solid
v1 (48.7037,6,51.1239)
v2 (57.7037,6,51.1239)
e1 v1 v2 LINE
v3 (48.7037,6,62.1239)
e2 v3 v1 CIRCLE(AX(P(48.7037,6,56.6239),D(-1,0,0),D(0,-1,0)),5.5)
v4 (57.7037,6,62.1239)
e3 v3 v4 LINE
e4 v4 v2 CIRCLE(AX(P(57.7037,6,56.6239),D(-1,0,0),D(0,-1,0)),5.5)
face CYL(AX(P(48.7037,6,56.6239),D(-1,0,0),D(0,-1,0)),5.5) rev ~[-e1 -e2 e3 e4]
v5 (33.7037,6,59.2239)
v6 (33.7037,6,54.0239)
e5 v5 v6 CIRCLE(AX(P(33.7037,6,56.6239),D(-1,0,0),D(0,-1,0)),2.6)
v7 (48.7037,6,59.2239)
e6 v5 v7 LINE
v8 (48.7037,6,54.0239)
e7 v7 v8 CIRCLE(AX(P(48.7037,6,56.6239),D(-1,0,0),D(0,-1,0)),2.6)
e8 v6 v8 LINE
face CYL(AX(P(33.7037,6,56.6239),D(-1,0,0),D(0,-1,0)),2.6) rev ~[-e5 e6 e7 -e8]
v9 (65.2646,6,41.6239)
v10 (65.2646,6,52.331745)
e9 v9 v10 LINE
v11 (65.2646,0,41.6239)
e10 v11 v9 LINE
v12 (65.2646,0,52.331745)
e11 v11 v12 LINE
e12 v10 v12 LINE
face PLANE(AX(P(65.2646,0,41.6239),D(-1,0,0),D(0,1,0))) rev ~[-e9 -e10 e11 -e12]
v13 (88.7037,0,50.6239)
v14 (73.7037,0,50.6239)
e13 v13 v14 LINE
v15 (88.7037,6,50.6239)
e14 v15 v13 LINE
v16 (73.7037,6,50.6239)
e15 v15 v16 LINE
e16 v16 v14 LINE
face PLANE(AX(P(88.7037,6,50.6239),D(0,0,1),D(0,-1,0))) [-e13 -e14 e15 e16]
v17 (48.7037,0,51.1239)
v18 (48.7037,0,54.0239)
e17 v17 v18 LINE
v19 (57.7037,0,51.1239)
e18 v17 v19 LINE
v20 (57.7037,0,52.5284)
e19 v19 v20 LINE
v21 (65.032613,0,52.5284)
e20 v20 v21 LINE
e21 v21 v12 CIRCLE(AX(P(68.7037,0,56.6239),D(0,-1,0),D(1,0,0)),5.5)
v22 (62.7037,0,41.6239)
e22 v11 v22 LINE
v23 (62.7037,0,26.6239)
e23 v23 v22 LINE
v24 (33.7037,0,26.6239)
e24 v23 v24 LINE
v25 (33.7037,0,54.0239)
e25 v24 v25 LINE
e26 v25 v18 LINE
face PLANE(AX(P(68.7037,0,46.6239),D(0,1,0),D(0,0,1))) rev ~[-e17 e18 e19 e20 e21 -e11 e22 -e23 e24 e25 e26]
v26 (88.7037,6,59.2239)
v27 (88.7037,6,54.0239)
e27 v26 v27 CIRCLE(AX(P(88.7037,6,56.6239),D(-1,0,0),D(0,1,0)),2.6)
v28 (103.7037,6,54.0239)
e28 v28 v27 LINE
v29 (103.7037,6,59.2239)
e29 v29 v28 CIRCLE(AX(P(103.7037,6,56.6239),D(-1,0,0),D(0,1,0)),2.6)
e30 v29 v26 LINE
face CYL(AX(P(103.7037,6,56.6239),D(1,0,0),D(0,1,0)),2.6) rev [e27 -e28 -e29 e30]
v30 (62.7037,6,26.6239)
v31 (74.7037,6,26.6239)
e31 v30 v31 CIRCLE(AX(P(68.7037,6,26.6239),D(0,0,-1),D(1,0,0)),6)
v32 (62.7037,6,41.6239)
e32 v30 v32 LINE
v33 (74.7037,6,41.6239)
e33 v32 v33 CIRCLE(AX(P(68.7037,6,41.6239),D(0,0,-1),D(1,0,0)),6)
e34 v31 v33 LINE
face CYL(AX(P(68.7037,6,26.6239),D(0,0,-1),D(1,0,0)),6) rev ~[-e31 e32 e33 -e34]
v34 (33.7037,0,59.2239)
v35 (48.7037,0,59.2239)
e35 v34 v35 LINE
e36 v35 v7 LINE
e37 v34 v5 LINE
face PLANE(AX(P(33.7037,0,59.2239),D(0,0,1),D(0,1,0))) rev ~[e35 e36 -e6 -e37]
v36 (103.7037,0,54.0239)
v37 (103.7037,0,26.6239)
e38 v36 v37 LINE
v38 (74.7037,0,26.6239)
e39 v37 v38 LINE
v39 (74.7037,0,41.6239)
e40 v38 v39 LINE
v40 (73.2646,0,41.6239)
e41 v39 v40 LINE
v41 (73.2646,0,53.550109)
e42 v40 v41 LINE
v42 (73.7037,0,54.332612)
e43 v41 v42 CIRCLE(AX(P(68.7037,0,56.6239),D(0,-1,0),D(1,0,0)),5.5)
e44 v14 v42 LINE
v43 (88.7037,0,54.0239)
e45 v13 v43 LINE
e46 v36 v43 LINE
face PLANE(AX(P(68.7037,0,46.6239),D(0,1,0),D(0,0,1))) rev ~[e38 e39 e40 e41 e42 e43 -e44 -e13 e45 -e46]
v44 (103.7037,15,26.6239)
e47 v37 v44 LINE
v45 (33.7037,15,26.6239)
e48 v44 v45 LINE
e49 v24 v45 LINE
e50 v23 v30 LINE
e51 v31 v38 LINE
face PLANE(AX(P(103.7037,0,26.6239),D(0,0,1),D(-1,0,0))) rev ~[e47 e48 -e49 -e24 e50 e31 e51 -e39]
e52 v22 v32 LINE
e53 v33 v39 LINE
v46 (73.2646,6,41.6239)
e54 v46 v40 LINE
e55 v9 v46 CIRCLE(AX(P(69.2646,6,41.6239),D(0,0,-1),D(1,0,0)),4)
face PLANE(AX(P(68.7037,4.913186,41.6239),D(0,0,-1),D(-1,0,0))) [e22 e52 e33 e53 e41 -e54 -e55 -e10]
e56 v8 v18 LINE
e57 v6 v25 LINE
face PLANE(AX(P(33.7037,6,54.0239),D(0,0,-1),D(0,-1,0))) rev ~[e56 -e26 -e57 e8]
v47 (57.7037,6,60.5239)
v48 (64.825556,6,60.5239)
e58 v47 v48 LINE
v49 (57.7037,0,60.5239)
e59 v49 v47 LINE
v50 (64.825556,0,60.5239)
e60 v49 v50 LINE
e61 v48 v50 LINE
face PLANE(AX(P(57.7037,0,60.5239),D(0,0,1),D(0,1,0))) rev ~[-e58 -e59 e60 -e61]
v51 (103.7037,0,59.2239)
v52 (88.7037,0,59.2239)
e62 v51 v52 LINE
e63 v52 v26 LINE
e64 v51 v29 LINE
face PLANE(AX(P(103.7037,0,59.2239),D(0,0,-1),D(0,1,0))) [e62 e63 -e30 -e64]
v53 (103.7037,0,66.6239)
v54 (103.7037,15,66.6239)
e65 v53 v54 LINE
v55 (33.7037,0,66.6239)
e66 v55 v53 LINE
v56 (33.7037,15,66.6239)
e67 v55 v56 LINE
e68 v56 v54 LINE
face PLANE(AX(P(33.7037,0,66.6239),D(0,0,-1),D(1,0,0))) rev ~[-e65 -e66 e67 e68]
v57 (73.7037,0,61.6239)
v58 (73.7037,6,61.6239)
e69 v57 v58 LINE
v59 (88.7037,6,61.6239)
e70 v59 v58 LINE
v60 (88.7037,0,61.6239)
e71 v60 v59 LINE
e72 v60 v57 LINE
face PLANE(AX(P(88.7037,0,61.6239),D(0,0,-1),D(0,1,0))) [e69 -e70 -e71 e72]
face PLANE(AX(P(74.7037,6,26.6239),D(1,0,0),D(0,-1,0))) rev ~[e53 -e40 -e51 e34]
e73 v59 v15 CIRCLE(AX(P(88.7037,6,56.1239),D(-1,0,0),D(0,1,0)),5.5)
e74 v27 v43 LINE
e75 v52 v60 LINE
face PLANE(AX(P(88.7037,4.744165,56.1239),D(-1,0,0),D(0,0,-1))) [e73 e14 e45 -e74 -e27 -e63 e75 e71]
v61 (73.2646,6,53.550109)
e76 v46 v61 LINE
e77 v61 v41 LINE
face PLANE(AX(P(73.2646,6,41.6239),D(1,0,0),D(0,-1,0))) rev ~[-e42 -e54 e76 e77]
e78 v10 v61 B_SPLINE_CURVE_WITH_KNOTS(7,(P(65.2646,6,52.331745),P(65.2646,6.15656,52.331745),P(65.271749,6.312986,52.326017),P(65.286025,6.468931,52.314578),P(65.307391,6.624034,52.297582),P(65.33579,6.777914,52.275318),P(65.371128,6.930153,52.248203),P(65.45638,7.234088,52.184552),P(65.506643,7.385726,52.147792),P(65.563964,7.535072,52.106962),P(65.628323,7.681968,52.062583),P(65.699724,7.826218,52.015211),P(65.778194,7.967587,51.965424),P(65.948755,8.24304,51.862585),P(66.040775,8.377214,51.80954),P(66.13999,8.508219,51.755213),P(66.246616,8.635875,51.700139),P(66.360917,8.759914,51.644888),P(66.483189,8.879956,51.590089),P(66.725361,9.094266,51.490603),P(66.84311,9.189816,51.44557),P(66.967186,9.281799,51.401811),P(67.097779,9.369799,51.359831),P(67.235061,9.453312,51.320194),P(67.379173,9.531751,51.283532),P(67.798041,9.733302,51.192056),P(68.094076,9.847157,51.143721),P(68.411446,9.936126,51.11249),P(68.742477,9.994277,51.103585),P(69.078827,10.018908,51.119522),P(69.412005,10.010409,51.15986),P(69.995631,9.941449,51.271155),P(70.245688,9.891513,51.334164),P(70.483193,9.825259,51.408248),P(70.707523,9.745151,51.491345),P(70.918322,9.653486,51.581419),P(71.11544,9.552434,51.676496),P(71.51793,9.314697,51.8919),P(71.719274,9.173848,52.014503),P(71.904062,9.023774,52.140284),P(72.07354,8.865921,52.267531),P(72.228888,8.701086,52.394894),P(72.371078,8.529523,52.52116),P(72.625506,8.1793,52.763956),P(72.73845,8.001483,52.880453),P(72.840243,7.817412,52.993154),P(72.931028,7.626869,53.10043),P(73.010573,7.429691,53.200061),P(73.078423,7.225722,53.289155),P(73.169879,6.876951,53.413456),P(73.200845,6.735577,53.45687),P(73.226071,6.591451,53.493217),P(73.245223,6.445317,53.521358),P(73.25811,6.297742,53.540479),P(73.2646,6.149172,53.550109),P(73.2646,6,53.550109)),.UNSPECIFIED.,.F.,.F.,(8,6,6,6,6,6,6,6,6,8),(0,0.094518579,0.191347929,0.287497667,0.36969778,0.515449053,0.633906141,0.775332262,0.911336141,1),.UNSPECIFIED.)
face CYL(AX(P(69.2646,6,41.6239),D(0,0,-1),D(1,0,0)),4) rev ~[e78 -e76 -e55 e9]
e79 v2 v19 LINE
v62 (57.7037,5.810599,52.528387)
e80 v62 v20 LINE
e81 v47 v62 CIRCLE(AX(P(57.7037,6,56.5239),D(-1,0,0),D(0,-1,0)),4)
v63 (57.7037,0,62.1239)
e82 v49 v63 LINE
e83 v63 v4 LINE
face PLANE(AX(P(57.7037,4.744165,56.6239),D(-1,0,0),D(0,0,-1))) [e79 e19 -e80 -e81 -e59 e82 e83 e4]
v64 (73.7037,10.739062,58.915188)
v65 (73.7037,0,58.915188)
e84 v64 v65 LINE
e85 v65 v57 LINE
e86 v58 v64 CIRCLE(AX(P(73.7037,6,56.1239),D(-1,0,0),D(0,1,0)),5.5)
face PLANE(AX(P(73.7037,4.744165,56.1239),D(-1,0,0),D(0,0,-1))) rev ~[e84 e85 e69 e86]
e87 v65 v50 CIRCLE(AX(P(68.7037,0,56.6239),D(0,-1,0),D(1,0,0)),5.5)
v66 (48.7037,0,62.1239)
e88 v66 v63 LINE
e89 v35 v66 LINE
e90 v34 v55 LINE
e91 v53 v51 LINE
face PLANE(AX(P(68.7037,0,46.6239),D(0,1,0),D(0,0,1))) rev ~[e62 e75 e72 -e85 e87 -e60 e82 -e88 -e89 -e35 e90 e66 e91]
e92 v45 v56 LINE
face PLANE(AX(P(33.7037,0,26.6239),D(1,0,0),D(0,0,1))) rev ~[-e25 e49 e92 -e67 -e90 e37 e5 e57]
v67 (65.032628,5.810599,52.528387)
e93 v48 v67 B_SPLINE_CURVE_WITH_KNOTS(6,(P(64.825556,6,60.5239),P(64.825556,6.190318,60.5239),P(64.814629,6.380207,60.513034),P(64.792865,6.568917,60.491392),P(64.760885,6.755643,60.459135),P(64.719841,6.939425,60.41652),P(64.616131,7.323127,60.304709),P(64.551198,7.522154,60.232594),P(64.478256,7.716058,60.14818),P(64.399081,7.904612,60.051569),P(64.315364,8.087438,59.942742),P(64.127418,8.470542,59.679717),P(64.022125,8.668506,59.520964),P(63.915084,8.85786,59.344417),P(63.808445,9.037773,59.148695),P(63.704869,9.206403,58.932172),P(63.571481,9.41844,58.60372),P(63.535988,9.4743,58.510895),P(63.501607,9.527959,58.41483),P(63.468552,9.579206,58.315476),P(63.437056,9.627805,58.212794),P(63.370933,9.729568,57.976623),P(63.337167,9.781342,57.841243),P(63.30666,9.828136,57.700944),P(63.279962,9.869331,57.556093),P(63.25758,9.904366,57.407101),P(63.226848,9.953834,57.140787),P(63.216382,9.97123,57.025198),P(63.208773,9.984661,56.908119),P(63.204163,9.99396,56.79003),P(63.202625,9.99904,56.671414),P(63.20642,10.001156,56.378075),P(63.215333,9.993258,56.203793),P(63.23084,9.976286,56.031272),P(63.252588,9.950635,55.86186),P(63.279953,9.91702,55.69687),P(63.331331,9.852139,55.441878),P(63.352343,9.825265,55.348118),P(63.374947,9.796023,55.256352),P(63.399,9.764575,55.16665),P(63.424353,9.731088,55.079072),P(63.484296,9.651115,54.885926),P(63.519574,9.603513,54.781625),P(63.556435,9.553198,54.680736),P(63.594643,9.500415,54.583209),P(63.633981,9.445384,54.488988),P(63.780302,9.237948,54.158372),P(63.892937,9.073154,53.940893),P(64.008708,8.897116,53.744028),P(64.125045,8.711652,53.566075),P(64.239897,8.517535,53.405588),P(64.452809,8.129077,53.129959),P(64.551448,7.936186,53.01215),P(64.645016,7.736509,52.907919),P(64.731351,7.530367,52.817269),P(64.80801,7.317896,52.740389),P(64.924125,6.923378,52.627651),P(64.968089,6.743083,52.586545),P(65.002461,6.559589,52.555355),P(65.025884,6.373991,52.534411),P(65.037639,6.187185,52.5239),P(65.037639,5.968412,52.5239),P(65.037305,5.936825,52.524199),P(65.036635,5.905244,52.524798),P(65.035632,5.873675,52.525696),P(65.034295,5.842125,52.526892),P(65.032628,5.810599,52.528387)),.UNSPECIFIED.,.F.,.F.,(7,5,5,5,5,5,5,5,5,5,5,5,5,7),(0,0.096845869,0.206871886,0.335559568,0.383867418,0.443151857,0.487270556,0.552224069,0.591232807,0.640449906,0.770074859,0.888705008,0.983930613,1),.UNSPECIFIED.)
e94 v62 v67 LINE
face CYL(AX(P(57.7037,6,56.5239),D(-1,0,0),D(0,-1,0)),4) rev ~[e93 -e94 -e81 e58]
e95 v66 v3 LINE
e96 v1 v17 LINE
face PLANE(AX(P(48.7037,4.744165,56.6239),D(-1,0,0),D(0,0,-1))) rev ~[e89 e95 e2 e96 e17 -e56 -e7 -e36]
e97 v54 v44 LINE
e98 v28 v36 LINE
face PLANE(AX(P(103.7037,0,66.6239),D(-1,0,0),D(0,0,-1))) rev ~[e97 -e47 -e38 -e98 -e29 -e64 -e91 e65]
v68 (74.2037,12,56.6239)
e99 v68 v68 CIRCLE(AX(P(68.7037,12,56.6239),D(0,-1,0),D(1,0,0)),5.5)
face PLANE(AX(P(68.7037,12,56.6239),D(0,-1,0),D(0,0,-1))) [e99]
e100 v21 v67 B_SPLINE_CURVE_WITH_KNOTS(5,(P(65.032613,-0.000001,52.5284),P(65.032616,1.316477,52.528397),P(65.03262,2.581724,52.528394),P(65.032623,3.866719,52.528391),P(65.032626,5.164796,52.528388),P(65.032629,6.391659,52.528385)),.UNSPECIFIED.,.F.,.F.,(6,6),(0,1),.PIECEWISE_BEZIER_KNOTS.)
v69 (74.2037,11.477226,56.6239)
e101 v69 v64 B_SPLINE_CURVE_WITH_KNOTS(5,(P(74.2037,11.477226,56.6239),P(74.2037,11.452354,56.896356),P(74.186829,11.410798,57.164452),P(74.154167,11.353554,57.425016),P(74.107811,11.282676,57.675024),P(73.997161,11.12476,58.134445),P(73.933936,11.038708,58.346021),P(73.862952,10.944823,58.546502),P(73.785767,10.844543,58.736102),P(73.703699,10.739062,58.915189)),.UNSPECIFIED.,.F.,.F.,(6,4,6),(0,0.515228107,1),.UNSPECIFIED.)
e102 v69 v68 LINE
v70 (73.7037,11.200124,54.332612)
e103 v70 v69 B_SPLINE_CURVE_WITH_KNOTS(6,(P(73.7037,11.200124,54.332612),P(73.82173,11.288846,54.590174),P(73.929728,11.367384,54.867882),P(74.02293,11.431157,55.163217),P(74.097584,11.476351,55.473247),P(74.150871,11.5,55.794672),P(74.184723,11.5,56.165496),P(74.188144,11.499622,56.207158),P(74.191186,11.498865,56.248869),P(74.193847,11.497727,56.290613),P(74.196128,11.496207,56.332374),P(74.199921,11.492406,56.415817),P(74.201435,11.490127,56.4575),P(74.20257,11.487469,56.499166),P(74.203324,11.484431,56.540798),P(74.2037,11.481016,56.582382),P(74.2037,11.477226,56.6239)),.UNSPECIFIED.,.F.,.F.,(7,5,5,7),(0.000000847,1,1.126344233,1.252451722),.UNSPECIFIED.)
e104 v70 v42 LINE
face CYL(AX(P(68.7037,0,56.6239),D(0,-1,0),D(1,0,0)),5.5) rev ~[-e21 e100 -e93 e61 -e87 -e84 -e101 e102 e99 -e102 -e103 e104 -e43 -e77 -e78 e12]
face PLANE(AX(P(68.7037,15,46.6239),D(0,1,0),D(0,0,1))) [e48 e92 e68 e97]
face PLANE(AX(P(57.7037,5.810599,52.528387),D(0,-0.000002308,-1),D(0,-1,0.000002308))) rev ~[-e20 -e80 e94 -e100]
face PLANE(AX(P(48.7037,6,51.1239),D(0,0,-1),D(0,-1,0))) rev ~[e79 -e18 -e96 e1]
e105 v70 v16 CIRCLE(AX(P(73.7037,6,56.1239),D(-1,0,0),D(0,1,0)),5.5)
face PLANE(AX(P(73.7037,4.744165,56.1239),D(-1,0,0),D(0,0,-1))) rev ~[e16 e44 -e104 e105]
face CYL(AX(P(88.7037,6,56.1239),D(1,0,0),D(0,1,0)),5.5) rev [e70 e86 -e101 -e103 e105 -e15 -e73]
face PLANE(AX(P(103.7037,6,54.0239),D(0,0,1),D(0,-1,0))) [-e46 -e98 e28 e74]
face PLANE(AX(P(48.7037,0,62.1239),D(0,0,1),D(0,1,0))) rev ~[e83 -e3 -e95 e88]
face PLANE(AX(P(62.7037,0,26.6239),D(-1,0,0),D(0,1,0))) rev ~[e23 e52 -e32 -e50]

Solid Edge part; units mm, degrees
sketch "Sketch1" plane through (0, 0, 0) normal (0, -1, 0) x (1, 0, 0)
  line L0 (33.7037, 66.6239) -> (103.7037, 66.6239)
  line L1 (103.7037, 66.6239) -> (103.7037, 26.6239)
  line L2 (103.7037, 26.6239) -> (33.7037, 26.6239)
  line L3 (33.7037, 26.6239) -> (33.7037, 66.6239)
  dimension "D1" = 70
  dimension "D2" = 40
  dimension "D3" = 70
  dimension "D4" = 40
extrude "Protrusion1" add sketch "Sketch1" against normal blind 15
sketch "Sketch2" plane through (68.7037, 0, 46.6239) normal (0, -1, 0) x (1, 0, 0)
  circle A0 centre (0, 10) radius 5.5
  dimension "D1" = 11
  dimension "D2" = 10
extrude "ExtrudedCutout_1" cut sketch "Sketch2" against normal blind 12
sketch "Sketch3" plane through (103.7037, 7.5, 46.6239) normal (1, 0, 0) x (0, 1, 0)
  line L0 (-7.5, 12.6) -> (-1.5, 12.6)
  arc A0 (-1.5, 12.6) -> (-1.5, 7.4) centre (-1.5, 10) cw
  line L1 (-1.5, 7.4) -> (-7.5, 7.4)
  line L2 (-7.5, 7.4) -> (-7.5, 12.6)
  dimension "D1" = 6
  dimension "D2" = 7.4
  dimension "D3" = 2.6
extrude "ExtrudedCutout_4" cut sketch "Sketch3" against normal blind 15
sketch "Sketch4" plane through (88.7037, 4.3, 55.6239) normal (1, 0, 0) x (0, 1, 0)
  line L0 (-4.3, 6) -> (1.7, 6)
  arc A0 (1.7, 6) -> (1.7, -5) centre (1.7, 0.5) cw
  line L1 (1.7, -5) -> (-4.3, -5)
  line L2 (-4.3, -5) -> (-4.3, 6)
  dimension "D1" = 6
  dimension "D2" = 5
  dimension "D3" = 5.5
extrude "ExtrudedCutout_5" cut sketch "Sketch4" against normal blind 15
sketch "Sketch5" plane through (33.7037, 7.5, 46.6239) normal (-1, 0, 0) x (0, -1, 0)
  line L0 (7.5, 12.6) -> (1.5, 12.6)
  arc A0 (1.5, 12.6) -> (1.5, 7.4) centre (1.5, 10) ccw
  line L1 (1.5, 7.4) -> (7.5, 7.4)
  line L2 (7.5, 7.4) -> (7.5, 12.6)
  dimension "D1" = 6
  dimension "D2" = 7.4
  dimension "D3" = 2.6
extrude "ExtrudedCutout_6" cut sketch "Sketch5" against normal blind 15
sketch "Sketch6" plane through (48.7037, 4.3, 56.6239) normal (-1, 0, 0) x (0, -1, 0)
  line L0 (4.3, 5.5) -> (-1.7, 5.5)
  arc A0 (-1.7, 5.5) -> (-1.7, -5.5) centre (-1.7, 0) ccw
  line L1 (-1.7, -5.5) -> (4.3, -5.5)
  line L2 (4.3, -5.5) -> (4.3, 5.5)
  dimension "D1" = 4.5
  dimension "D2" = 5.5
  dimension "D3" = 6
extrude "ExtrudedCutout_7" cut sketch "Sketch6" against normal blind 9
sketch "Sketch7" plane through (57.7037, 5.75, 56.6239) normal (-1, 0, 0) x (0, -1, 0)
  line L0 (5.75, 3.9) -> (-0.25, 3.9)
  arc A0 (-0.25, 3.9) -> (-0.0606, -4.0955) centre (-0.25, -0.1) ccw
  line L1 (-0.0606, -4.0955) -> (5.75, -4.0955)
  line L2 (5.75, -4.0955) -> (5.75, 3.9)
  dimension "D1" = 6
  dimension "D2" = 6.1
  dimension "D3" = 4
extrude "Cutout1" cut sketch "Sketch7" against normal up to next
sketch "Sketch8" plane through (68.7037, 7.5, 26.6239) normal (0, 0, -1) x (1, 0, 0)
  line L0 (-6, 7.5) -> (-6, 1.5)
  arc A0 (-6, 1.5) -> (6, 1.5) centre (0, 1.5) ccw
  line L1 (6, 1.5) -> (6, 7.5)
  line L2 (6, 7.5) -> (-6, 7.5)
  dimension "D1" = 6
  dimension "D2" = 6
  dimension "D3" = 6
extrude "ExtrudedCutout_9" cut sketch "Sketch8" against normal blind 15
sketch "Sketch9" plane through (68.7037, 5.75, 41.6239) normal (0, 0, -1) x (1, 0, 0)
  line L0 (-3.4391, 5.75) -> (-3.4391, -0.25)
  arc A0 (-3.4391, -0.25) -> (4.5609, -0.25) centre (0.5609, -0.25) ccw
  line L1 (4.5609, -0.25) -> (4.5609, 5.75)
  line L2 (4.5609, 5.75) -> (-3.4391, 5.75)
  dimension "D1" = 6
  dimension "D2" = 4
  dimension "D3" = 4
extrude "Cutout2" cut sketch "Sketch9" against normal up to next
